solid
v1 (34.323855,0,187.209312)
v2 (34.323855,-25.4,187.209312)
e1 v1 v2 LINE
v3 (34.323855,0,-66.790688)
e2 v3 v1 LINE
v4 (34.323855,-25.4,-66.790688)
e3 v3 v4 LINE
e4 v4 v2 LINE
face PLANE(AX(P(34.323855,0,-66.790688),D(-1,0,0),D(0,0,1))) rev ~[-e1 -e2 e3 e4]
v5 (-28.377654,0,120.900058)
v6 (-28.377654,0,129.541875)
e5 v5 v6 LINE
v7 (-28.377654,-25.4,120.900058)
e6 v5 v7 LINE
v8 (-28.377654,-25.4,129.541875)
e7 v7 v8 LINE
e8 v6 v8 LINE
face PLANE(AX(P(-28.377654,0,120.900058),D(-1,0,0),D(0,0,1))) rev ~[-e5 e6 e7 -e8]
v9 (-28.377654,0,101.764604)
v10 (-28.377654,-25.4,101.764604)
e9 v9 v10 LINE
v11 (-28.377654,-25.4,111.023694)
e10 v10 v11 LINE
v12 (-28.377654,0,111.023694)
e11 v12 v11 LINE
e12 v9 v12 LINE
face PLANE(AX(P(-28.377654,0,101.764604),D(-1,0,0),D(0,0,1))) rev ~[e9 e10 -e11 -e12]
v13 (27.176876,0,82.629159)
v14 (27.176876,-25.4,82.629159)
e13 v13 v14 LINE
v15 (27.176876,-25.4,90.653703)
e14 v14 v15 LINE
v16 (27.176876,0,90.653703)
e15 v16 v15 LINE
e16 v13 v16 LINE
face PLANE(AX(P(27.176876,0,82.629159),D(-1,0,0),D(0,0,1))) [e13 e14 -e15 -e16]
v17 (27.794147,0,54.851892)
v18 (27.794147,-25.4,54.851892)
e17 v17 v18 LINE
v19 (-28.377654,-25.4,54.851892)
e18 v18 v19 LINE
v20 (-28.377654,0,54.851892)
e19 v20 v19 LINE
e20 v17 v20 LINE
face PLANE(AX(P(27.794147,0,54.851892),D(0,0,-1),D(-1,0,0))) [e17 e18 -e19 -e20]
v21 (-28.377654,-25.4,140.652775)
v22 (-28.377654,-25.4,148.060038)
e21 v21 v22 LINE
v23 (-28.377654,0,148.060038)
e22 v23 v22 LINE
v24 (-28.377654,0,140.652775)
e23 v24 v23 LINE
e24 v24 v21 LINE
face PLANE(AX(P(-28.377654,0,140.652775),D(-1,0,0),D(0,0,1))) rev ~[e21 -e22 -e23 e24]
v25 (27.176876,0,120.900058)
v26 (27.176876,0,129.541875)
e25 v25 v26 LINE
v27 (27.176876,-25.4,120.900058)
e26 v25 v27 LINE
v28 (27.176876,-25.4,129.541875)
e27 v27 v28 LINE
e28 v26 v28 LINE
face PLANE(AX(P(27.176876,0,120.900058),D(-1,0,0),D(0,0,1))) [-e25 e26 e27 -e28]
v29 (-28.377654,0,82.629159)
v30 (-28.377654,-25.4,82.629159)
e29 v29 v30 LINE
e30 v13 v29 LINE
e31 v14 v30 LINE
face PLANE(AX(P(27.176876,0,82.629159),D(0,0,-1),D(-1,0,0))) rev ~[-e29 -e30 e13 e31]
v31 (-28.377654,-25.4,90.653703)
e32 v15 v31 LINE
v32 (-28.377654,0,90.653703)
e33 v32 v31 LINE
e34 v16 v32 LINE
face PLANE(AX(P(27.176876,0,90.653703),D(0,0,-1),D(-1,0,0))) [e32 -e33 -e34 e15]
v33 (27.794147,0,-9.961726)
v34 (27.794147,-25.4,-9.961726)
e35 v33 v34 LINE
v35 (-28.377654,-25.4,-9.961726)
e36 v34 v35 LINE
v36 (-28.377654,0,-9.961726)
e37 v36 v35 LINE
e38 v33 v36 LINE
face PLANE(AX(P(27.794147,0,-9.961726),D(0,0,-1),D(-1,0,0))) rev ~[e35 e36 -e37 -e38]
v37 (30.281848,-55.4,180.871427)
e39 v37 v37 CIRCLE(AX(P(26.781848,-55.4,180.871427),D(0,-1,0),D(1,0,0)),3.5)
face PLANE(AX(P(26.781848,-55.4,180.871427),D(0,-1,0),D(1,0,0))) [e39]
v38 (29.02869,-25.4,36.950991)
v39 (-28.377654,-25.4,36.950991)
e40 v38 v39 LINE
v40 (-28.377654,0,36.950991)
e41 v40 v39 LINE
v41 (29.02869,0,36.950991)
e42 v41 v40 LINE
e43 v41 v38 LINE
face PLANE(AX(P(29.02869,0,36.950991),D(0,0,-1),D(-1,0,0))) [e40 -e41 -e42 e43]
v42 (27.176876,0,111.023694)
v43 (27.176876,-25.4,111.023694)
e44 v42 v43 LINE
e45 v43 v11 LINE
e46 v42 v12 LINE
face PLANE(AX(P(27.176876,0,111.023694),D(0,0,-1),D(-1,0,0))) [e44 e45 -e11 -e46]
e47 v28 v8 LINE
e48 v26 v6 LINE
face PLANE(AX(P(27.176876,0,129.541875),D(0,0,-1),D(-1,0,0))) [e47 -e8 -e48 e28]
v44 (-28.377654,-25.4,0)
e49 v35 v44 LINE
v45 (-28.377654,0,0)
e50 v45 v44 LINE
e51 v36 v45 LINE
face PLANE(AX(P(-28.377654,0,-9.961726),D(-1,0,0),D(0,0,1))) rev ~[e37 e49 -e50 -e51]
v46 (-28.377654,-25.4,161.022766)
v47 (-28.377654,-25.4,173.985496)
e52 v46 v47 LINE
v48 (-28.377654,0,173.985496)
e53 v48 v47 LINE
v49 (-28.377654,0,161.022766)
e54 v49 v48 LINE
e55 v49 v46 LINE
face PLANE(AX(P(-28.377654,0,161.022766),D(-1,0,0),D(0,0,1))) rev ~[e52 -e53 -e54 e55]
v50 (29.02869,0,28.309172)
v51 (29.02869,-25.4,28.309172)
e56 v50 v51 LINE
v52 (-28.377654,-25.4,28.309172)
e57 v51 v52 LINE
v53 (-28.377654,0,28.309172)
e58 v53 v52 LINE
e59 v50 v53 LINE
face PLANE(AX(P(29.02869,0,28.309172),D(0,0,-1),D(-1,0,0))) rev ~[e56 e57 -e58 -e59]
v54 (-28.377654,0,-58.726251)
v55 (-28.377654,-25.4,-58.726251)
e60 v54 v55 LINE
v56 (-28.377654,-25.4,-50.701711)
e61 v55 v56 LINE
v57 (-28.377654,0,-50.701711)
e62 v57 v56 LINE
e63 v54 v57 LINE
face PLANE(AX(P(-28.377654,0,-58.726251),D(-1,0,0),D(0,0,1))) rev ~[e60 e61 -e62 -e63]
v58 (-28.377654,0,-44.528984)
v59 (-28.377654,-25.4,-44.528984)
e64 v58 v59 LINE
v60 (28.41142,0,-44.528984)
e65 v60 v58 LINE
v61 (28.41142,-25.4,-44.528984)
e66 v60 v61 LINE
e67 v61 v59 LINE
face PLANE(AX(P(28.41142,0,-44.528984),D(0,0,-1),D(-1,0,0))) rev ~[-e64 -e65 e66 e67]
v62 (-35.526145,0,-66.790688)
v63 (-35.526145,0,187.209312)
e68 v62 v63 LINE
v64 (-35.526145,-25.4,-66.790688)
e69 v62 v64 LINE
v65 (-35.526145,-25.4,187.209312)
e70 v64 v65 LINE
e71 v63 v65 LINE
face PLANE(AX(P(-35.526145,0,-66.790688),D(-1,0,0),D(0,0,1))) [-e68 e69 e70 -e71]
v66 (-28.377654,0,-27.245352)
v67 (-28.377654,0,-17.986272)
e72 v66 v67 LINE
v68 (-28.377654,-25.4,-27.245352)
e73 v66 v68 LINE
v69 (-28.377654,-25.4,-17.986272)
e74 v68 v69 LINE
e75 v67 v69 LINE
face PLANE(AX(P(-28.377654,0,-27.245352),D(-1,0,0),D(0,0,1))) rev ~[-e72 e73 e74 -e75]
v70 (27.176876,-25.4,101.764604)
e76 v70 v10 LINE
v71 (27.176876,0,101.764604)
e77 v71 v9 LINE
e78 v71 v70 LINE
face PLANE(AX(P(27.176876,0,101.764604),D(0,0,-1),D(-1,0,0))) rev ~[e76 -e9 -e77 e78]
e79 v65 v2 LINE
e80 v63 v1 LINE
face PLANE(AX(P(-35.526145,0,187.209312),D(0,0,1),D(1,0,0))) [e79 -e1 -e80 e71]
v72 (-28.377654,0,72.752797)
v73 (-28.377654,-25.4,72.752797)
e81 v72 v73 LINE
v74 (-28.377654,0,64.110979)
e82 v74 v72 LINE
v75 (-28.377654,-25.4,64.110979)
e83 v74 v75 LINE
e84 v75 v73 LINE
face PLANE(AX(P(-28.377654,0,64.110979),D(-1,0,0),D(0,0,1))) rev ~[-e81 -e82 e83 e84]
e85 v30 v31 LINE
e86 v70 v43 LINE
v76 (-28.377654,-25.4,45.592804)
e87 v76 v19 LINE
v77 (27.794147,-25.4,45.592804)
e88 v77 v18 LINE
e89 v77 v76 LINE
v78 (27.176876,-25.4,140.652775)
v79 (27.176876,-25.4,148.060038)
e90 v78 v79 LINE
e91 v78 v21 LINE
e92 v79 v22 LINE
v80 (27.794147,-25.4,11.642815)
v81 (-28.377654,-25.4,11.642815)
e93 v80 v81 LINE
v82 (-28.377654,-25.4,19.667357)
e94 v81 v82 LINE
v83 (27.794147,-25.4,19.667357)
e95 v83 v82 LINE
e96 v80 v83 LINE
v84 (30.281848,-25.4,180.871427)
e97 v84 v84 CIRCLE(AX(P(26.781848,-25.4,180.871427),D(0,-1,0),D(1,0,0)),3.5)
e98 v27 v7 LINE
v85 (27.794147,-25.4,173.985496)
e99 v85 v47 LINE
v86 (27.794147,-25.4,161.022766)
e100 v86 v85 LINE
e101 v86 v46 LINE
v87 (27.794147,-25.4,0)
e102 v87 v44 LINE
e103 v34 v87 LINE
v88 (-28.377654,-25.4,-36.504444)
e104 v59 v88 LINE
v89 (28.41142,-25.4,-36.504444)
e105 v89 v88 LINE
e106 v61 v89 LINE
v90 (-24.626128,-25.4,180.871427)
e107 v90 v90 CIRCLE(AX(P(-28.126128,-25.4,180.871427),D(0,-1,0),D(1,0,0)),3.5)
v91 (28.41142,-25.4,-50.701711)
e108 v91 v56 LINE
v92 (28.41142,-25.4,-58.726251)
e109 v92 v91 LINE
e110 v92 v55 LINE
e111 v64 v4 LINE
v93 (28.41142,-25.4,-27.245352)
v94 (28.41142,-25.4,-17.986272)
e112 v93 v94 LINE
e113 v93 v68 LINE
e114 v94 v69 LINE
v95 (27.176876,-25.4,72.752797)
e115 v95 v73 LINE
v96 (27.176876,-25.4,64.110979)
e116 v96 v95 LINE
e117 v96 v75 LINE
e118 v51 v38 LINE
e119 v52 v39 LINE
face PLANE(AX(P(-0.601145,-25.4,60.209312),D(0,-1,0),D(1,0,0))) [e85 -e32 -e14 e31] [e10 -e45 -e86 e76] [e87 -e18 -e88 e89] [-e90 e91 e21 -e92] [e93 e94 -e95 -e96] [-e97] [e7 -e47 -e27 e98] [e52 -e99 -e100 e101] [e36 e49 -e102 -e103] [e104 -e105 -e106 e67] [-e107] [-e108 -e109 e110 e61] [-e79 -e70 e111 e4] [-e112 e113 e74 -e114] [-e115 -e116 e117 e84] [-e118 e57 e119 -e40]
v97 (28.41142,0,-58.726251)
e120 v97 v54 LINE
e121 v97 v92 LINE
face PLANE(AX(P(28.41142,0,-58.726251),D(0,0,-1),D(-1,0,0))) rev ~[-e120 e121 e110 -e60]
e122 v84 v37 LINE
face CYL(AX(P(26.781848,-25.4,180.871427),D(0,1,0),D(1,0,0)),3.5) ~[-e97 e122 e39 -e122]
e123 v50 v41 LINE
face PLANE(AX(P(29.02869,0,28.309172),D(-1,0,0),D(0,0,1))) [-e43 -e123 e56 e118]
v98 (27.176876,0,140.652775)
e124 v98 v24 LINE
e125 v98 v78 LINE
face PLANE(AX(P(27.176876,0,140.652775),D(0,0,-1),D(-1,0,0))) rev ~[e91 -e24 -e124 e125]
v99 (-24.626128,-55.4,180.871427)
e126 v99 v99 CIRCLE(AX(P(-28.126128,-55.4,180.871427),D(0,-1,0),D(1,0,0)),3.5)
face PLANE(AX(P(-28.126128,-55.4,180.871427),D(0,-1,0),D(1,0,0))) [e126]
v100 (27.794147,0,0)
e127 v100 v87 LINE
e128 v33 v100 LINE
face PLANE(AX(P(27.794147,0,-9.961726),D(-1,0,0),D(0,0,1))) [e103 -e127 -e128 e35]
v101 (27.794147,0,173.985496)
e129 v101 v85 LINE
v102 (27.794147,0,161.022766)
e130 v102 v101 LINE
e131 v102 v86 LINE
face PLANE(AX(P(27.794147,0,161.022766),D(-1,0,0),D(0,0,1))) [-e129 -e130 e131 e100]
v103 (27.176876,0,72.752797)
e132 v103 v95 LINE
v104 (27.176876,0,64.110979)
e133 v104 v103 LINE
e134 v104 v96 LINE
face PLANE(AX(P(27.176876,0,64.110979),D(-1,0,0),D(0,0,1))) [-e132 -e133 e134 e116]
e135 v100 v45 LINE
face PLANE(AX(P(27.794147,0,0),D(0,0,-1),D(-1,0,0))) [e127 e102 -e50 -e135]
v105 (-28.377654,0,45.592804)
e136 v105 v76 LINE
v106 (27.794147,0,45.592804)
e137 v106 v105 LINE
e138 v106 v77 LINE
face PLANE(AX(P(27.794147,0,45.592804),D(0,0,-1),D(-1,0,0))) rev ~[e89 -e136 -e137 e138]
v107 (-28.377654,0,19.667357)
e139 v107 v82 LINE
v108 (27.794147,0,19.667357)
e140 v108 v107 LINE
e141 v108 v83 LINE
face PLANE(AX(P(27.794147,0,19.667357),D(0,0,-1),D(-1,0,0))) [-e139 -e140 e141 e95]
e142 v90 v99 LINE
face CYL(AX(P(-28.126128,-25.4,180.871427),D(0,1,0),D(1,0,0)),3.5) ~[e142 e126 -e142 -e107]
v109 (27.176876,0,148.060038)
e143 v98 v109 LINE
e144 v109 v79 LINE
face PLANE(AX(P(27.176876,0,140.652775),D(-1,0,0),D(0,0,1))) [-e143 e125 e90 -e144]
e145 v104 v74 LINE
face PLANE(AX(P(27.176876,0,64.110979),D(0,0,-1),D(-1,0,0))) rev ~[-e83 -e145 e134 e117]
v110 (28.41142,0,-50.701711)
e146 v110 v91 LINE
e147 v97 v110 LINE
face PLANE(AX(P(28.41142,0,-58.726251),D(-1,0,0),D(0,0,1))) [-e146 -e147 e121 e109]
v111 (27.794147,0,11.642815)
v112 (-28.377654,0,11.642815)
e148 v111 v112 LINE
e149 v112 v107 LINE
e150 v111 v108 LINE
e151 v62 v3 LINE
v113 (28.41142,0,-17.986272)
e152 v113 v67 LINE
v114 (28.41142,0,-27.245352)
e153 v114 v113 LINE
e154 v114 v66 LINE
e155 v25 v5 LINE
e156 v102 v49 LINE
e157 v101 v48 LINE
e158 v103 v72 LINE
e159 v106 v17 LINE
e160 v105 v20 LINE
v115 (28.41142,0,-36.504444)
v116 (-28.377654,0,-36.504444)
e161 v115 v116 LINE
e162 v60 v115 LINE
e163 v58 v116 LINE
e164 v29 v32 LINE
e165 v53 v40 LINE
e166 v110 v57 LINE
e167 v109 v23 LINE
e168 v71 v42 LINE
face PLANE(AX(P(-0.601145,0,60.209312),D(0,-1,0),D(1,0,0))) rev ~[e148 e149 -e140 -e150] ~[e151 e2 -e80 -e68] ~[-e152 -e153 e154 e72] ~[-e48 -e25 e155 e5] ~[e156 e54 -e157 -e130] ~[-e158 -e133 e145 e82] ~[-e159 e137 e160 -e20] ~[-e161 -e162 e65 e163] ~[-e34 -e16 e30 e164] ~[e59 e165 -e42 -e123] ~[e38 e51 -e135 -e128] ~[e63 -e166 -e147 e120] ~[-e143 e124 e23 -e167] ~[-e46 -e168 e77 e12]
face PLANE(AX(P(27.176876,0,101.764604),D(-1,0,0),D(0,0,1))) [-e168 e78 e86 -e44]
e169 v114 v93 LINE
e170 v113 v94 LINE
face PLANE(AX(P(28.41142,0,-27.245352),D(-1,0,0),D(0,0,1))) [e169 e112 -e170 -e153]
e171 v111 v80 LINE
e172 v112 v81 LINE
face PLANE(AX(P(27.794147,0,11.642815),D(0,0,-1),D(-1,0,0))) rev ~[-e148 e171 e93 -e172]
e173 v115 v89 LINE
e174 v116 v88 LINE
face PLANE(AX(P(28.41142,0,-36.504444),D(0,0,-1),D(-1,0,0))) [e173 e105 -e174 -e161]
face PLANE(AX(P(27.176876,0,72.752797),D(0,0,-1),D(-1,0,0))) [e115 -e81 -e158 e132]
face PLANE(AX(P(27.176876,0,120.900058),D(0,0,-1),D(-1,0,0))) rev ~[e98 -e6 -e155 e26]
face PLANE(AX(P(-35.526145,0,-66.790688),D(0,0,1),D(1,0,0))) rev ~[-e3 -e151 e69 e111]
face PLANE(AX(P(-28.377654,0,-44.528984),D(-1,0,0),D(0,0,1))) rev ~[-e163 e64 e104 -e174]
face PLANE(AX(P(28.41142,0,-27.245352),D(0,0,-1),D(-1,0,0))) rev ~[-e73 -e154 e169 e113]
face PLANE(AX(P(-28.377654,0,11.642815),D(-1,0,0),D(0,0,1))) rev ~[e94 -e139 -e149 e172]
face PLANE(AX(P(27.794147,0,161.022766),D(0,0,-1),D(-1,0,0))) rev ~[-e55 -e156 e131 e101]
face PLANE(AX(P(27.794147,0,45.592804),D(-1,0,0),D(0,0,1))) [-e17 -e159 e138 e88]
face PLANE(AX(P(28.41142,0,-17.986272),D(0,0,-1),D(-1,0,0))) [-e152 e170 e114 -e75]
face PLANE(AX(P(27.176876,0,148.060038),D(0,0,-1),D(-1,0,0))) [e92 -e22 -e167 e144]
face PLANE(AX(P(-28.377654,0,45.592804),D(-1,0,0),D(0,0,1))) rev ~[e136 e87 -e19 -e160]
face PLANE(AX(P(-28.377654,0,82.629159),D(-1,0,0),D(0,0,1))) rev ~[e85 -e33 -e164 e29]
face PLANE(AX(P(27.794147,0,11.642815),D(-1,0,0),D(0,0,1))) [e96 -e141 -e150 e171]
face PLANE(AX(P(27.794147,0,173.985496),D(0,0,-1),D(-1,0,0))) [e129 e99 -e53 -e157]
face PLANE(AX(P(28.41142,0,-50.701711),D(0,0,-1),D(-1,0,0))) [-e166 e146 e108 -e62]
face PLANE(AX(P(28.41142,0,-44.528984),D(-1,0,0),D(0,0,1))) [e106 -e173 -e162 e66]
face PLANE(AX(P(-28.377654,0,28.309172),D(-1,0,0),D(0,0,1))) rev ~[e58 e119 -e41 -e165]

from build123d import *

# Parameters (mm, degrees)
F0_W     = 69.85
F0_H     = 254
F1_DEPTH = 25.4
F2_W     = 55.55453
F2_H     = 7.407263
F2_H_2   = 8.641817
F2_H_3   = 9.25909
F2_H_4   = 8.024544
F2_W_2   = 56.171801
F2_H_5   = 9.259089
F2_W_3   = 57.406345
F2_H_6   = 8.641819
F2_H_7   = 8.024541
F2_H_8   = 9.961726
F2_W_4   = 56.789074
F2_H_9   = 9.25908
F2_H_10  = 8.02454
F2_H_11  = 12.962729
F3_DEPTH = 25.4
F4_R     = 3.5
F5_DEPTH = 30


with BuildPart() as f1:
    # F0 (on Front) → F1 (new body)
    with BuildSketch(Plane.XZ):
        with Locations((-0.601145, 60.209312)):
            Rectangle(F0_W, F0_H)
    extrude(amount=F1_DEPTH)

    # F2 (on face) → F3 (cut, through all)
    with BuildSketch(Plane(origin=(0, 0, 0), x_dir=(-1, 0, 0), z_dir=(0, 1, 0))):
        with Locations((0.600389, 144.356407)):
            Rectangle(F2_W, F2_H)
        with Locations((0.600389, 125.220966)):
            Rectangle(F2_W, F2_H_2)
        with Locations((0.600389, 106.394149)):
            Rectangle(F2_W, F2_H_3)
        with Locations((0.600389, 86.641431)):
            Rectangle(F2_W, F2_H_4)
        with Locations((0.600389, 68.431888)):
            Rectangle(F2_W, F2_H_2)
        with Locations((0.291754, 50.222348)):
            Rectangle(F2_W_2, F2_H_5)
        with Locations((-0.325518, 32.630081)):
            Rectangle(F2_W_3, F2_H_6)
        with Locations((0.291754, 15.655086)):
            Rectangle(F2_W_2, F2_H_7)
        with Locations((0.291754, -4.980863)):
            Rectangle(F2_W_2, F2_H_8)
        with Locations((-0.016883, -22.615812)):
            Rectangle(F2_W_4, F2_H_9)
        with Locations((-0.016883, -40.516714)):
            Rectangle(F2_W_4, F2_H_10)
        with Locations((-0.016883, -54.713981)):
            Rectangle(F2_W_4, F2_H_10)
        with Locations((0.291754, 167.504131)):
            Rectangle(F2_W_2, F2_H_11)
    extrude(amount=-F3_DEPTH, mode=Mode.SUBTRACT)

    # F4 (on face) → F5 (join)
    with BuildSketch(Plane.XZ.offset(25.4)):
        with Locations((-28.126128, 180.871427)):
            Circle(F4_R)
        with Locations((26.781848, 180.871427)):
            Circle(F4_R)
    extrude(amount=F5_DEPTH)


solid = f1.part
